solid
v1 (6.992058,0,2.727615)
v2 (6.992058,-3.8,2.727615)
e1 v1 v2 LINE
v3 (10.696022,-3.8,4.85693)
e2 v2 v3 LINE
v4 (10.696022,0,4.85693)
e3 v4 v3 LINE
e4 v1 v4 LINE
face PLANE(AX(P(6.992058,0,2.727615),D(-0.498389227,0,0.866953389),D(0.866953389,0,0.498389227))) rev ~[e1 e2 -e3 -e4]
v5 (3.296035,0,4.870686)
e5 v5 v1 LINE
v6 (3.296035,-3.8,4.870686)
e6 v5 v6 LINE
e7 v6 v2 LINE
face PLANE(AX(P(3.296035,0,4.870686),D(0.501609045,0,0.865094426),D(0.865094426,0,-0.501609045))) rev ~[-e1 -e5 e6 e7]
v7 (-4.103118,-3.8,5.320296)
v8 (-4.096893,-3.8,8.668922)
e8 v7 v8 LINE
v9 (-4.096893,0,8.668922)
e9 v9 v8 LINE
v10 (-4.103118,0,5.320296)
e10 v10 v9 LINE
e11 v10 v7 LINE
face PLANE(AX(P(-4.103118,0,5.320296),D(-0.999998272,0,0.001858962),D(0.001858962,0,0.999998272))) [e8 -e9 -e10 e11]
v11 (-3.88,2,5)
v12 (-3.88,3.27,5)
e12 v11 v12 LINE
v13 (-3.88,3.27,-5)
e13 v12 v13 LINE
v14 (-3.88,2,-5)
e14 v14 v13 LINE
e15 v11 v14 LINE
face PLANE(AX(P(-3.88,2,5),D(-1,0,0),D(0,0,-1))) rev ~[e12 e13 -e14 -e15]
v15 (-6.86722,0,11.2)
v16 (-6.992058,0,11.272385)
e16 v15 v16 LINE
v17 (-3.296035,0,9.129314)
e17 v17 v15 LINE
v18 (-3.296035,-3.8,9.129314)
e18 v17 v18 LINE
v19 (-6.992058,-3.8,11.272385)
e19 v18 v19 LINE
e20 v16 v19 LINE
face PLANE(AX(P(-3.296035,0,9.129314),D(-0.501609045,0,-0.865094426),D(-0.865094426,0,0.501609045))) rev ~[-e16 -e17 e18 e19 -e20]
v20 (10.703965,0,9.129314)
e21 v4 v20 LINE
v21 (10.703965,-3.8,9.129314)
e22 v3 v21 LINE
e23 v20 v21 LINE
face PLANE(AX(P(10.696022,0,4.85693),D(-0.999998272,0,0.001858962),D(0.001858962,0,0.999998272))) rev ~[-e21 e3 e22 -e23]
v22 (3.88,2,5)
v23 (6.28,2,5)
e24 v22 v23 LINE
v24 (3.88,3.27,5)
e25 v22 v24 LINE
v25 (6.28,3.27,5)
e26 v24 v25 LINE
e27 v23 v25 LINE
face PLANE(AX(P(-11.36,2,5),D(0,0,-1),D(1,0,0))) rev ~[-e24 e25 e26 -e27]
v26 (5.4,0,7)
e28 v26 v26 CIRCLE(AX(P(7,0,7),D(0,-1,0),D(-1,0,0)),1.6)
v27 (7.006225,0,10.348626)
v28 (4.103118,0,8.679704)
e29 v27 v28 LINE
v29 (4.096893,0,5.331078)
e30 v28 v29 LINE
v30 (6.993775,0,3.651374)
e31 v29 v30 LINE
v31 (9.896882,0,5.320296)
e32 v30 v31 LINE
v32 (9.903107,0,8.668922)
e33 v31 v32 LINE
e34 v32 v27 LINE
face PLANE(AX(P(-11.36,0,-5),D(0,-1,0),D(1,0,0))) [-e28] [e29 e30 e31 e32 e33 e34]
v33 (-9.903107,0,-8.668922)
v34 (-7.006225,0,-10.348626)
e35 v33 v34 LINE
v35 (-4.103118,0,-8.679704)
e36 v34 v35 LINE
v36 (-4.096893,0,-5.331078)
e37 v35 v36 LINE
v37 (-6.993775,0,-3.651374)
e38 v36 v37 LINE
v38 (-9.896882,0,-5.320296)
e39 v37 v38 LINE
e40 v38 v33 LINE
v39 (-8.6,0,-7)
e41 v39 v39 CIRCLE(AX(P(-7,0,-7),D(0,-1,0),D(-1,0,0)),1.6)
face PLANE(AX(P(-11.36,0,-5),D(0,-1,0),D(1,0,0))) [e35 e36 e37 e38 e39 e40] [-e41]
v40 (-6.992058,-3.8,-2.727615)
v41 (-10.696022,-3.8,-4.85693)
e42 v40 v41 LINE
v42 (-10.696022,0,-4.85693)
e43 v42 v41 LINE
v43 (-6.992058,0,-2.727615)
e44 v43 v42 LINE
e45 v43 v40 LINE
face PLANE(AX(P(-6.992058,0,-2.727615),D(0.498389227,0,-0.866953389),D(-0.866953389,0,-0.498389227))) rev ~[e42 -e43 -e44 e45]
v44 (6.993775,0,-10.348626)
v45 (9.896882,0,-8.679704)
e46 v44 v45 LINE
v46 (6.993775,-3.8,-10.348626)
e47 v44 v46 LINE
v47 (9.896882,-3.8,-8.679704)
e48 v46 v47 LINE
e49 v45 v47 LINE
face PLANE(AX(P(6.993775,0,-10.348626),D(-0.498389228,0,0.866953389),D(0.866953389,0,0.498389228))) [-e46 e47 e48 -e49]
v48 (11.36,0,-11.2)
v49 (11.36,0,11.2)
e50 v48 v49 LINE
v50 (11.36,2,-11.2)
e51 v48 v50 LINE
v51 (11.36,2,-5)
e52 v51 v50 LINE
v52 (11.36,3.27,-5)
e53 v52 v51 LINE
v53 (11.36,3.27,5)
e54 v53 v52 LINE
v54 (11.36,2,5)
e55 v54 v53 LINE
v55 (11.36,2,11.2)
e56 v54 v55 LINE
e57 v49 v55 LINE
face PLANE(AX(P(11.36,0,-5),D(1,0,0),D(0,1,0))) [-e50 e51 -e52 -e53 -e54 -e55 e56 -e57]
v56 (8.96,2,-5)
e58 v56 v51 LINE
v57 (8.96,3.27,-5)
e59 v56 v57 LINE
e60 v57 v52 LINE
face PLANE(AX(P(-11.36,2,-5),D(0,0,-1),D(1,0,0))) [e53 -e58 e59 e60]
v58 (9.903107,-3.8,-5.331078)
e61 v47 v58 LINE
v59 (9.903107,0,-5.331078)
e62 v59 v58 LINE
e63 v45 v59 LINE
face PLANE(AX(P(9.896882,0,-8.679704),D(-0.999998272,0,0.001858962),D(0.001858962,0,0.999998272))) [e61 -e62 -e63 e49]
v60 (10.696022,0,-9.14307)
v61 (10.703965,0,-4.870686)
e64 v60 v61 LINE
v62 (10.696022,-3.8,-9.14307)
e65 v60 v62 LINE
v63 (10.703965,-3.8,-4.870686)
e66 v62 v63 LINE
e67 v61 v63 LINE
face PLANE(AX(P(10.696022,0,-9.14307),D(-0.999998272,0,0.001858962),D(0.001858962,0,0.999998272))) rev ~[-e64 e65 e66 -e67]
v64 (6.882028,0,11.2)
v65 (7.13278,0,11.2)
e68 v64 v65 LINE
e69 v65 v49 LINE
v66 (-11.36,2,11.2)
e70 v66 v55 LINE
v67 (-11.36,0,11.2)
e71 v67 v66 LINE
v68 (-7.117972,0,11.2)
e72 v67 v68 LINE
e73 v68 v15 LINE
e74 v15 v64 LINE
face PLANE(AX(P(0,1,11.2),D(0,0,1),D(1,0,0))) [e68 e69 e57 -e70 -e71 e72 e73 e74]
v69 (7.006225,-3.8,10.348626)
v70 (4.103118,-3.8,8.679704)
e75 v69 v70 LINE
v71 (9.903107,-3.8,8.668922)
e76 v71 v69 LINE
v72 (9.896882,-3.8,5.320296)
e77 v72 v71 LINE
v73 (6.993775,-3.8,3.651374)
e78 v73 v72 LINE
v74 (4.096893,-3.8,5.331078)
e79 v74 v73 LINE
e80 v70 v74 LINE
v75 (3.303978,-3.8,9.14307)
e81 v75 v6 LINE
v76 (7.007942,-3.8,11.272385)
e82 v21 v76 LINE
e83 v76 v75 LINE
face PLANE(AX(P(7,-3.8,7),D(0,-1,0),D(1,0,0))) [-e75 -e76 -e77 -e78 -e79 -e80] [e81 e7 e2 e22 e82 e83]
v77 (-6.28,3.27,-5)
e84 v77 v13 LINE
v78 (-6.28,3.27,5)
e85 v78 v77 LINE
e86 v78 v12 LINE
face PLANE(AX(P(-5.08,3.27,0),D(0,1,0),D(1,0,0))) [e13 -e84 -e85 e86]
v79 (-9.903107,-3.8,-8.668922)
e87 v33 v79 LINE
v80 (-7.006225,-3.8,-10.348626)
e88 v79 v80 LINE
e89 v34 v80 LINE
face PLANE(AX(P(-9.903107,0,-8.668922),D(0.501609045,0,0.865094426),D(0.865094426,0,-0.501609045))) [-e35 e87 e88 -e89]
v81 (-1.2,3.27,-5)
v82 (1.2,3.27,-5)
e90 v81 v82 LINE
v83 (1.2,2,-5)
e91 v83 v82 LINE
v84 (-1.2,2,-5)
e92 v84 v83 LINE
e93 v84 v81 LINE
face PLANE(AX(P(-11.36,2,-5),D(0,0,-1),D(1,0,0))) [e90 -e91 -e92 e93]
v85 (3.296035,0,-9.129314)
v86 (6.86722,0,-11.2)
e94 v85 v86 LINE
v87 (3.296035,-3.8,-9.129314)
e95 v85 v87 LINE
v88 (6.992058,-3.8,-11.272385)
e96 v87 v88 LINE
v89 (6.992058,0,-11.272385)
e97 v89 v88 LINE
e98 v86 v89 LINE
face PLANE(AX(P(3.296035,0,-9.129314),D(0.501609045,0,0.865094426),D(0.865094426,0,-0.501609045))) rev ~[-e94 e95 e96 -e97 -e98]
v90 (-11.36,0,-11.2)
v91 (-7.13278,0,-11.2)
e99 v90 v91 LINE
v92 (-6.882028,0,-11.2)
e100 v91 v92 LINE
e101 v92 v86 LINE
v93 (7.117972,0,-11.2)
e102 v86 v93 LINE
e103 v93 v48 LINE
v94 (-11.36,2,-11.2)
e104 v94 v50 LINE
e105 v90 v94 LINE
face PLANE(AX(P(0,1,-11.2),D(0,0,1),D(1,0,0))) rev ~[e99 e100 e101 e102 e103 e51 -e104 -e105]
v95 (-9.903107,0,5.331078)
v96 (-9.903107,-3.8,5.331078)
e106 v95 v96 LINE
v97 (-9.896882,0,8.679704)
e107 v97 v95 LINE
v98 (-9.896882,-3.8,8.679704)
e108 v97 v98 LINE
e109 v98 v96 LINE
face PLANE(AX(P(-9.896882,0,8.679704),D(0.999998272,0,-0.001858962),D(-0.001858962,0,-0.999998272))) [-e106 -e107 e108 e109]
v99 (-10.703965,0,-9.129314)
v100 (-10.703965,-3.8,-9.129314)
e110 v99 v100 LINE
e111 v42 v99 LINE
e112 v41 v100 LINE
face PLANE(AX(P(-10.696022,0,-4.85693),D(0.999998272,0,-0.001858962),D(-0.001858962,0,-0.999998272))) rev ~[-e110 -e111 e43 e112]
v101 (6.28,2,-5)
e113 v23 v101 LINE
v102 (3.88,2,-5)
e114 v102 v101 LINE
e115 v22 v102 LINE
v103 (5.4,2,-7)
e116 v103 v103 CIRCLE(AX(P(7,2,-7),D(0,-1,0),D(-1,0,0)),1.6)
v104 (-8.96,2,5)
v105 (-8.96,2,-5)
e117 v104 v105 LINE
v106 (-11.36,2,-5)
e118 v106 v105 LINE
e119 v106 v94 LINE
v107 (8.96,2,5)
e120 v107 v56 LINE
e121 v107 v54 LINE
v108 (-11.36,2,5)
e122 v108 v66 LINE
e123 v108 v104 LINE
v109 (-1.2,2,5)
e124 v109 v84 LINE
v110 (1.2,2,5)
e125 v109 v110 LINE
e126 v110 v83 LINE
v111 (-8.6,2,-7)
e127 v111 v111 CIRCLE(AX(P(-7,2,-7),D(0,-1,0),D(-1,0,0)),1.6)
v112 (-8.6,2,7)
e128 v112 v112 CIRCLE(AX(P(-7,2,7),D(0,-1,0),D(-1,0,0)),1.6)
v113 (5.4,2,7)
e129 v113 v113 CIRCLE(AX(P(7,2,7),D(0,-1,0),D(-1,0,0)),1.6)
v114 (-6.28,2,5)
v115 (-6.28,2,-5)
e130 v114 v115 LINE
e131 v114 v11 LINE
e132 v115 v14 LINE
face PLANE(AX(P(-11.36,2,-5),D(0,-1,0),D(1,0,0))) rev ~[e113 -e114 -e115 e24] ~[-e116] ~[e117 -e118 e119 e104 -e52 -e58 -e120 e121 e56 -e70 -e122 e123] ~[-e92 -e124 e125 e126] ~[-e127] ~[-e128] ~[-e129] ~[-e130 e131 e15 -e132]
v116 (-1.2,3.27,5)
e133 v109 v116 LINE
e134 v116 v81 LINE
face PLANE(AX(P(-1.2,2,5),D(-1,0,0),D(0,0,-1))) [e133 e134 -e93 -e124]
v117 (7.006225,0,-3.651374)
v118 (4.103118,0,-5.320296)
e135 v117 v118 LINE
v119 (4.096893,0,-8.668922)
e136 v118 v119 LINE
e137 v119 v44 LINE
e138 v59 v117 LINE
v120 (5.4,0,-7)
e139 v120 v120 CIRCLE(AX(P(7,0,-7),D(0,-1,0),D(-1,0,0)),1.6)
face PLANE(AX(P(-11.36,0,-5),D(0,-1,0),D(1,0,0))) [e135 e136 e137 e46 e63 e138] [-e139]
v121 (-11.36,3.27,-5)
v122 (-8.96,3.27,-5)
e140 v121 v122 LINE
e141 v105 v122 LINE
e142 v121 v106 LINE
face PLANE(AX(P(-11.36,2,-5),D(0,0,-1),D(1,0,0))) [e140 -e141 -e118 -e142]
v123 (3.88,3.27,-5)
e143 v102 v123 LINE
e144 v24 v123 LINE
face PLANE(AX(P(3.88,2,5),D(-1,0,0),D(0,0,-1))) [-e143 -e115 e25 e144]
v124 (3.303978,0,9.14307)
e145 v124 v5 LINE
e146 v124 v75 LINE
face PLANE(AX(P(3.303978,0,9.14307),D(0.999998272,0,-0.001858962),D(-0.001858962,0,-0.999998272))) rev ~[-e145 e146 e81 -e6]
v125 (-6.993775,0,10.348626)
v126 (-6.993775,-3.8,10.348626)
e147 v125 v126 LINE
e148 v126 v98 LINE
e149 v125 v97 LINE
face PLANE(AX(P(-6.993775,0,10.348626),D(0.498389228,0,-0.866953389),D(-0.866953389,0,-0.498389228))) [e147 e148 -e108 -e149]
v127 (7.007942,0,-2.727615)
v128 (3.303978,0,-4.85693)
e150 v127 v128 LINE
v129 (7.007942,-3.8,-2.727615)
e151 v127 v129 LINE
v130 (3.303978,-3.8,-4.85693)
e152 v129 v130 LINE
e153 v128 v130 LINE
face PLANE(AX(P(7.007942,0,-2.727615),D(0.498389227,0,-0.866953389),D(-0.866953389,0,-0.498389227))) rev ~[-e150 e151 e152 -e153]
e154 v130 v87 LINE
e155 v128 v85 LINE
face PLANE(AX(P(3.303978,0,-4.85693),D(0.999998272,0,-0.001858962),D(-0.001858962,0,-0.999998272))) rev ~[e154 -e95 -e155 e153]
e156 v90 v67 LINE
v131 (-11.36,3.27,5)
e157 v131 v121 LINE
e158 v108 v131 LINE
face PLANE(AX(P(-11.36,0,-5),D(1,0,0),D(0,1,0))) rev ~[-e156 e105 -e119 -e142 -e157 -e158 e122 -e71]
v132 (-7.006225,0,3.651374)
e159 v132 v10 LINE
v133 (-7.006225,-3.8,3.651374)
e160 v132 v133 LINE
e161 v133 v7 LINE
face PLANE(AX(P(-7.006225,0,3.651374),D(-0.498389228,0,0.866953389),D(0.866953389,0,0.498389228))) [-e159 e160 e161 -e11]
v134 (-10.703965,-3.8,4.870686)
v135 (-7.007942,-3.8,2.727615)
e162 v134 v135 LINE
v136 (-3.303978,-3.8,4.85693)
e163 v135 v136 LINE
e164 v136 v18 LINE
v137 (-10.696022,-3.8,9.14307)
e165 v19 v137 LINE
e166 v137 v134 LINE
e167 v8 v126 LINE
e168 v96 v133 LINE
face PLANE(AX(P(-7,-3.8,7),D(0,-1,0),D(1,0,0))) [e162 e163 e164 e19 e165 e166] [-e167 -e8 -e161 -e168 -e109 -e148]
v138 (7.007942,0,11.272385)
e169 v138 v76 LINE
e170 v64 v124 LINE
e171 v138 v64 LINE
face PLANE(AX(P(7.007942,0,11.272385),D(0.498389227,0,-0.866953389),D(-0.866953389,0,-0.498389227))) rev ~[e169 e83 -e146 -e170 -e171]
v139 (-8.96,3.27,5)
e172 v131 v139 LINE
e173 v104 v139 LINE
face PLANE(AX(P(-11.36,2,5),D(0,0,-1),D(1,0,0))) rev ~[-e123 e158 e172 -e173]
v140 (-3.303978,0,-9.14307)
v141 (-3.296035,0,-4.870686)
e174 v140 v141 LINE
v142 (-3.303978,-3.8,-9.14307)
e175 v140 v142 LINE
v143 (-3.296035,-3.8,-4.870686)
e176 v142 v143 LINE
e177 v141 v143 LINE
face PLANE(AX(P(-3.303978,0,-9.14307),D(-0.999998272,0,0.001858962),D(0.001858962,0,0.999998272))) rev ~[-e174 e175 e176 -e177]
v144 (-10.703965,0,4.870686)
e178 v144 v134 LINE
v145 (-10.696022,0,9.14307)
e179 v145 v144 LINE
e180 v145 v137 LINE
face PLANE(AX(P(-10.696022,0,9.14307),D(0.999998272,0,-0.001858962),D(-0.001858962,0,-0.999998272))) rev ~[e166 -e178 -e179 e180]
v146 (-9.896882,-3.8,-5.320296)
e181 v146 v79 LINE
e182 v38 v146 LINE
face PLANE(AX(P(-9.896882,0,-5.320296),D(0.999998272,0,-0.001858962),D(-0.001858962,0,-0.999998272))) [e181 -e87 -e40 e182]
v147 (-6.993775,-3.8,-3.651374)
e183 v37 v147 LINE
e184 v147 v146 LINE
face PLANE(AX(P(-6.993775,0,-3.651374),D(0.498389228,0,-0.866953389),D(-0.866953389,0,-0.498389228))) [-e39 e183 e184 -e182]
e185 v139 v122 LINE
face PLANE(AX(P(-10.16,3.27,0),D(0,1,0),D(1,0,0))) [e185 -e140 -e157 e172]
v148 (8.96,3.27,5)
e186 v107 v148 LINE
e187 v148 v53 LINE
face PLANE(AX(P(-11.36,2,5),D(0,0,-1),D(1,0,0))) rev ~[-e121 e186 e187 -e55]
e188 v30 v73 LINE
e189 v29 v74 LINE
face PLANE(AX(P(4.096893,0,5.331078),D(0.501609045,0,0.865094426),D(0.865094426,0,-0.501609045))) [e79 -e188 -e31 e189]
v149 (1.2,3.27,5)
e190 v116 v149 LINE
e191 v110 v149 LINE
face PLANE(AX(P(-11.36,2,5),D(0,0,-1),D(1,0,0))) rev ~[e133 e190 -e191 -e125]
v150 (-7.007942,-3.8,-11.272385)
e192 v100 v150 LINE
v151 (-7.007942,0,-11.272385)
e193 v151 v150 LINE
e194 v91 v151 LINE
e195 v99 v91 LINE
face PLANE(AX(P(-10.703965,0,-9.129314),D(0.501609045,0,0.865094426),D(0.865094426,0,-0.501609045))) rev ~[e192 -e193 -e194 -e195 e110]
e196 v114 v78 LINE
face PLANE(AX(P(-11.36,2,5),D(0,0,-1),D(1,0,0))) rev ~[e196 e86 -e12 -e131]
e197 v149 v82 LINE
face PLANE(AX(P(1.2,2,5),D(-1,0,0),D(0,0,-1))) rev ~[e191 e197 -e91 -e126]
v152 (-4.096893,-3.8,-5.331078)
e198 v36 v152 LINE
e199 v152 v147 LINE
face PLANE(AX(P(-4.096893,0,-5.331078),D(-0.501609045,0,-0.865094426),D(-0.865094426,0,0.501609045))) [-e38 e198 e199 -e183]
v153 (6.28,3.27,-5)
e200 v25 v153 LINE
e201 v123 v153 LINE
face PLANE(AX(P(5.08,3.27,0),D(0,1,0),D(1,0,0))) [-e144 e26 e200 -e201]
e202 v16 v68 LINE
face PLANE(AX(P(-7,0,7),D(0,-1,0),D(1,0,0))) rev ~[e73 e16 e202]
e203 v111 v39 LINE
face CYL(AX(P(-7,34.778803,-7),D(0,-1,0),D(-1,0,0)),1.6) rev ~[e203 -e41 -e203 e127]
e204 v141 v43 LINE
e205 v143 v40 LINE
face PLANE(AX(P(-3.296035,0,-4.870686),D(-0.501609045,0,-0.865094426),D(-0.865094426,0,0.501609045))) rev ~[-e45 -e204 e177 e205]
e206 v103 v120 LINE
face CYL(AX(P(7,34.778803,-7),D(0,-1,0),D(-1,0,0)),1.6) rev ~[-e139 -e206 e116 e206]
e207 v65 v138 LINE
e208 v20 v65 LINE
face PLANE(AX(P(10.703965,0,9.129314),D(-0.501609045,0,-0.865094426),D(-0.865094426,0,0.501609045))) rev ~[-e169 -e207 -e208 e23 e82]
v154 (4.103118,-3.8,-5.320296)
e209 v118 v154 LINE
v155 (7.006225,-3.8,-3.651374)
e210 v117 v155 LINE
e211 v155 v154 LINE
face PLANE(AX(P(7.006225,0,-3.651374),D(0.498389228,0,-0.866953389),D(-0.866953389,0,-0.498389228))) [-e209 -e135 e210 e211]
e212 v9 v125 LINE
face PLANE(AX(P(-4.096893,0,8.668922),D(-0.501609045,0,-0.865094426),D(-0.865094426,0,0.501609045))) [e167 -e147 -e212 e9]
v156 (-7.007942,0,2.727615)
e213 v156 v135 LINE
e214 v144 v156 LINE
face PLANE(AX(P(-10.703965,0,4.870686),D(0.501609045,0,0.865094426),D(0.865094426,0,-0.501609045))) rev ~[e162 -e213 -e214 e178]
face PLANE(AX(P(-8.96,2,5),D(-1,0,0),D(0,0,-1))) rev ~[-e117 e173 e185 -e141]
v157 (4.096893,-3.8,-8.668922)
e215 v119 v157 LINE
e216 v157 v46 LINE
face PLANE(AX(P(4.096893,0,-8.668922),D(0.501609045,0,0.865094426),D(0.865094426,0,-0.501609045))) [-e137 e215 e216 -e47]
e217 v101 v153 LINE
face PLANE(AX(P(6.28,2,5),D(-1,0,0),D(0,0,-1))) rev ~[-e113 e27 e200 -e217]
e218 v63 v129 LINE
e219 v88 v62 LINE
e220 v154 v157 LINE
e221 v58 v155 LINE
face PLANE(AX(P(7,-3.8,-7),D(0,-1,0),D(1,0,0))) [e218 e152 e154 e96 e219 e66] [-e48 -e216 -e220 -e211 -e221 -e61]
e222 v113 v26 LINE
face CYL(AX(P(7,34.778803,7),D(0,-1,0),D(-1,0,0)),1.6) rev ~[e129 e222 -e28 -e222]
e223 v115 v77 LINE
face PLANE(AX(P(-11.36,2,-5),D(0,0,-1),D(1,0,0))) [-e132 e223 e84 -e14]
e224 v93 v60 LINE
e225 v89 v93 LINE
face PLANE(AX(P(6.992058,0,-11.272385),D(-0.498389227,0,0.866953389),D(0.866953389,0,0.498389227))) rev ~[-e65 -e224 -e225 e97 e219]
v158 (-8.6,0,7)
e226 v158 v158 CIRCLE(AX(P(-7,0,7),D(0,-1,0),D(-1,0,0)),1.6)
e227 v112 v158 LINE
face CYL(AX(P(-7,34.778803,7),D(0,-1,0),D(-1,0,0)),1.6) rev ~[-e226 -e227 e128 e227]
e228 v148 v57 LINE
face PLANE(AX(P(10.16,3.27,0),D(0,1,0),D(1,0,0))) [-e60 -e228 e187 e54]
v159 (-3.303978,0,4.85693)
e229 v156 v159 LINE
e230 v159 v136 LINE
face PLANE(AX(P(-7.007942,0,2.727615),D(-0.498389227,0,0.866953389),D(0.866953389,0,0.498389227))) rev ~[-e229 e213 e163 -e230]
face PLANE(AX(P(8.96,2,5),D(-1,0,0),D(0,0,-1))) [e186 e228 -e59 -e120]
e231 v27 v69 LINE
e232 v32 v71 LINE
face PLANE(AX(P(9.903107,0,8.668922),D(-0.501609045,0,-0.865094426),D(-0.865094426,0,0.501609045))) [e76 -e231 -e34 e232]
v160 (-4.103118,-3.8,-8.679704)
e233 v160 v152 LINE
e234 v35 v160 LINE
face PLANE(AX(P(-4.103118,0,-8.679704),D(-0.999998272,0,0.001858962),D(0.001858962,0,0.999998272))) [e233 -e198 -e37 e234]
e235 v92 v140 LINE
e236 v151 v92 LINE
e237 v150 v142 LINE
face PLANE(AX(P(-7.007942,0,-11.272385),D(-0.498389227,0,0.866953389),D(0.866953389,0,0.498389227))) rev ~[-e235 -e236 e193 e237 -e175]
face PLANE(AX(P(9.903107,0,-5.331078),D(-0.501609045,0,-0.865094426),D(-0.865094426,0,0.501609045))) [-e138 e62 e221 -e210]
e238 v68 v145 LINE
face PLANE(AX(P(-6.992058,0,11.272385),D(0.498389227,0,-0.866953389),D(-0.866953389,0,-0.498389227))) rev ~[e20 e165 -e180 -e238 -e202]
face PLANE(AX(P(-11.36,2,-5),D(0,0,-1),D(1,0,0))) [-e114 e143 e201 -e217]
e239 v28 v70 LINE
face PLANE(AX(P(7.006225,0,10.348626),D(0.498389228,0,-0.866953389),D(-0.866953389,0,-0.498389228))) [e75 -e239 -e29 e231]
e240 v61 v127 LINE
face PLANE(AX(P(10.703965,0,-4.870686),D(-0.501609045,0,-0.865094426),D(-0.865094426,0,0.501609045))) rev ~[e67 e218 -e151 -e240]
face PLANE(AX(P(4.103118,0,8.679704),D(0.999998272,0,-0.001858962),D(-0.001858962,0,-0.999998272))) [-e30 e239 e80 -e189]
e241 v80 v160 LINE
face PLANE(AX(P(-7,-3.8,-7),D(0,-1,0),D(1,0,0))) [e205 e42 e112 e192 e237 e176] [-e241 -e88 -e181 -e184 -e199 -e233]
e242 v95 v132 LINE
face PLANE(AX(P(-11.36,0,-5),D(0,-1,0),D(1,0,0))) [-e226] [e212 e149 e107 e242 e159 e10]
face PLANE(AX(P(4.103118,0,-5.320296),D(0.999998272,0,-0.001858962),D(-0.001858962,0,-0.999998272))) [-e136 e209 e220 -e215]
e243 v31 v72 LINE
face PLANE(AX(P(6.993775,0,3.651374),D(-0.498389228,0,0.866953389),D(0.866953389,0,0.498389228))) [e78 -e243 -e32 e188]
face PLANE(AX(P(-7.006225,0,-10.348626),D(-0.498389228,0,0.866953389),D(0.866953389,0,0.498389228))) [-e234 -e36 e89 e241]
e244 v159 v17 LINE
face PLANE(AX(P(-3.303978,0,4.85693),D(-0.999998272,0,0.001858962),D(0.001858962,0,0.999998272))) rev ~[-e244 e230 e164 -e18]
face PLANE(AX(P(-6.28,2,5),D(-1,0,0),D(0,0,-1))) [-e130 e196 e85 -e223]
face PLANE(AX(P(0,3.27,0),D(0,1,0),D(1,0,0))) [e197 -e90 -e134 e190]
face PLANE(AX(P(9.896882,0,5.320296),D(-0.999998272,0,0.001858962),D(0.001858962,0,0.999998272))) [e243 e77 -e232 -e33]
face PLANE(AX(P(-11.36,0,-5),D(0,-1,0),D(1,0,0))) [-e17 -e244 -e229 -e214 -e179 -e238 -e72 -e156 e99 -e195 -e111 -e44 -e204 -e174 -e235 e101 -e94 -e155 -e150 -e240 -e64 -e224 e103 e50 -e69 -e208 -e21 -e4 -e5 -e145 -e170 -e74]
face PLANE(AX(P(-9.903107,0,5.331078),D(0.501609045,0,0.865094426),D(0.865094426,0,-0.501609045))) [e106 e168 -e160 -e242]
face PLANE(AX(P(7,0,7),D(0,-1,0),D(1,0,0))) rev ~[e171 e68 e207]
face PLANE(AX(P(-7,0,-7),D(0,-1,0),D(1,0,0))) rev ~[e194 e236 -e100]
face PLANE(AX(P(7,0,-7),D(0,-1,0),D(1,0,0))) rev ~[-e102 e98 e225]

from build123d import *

# Parameters (mm, degrees)
SKETCH_1_W                 = 22.72
SKETCH_1_H                 = 10
EXTRUDE_269_DEPTH          = 2
SKETCH_3_W                 = 2.4
SKETCH_3_H                 = 10
EXTRUDE_2_DEPTH            = 1.27
PATTERN_LINEAR_1_COUNT     = 3
PATTERN_LINEAR_1_PITCH     = 5.08
PATTERN_LINEAR_1_COL_COUNT = 3
PATTERN_LINEAR_1_COL_PITCH = 5.08
EXTRUDE_START              = 5
SKETCH_4_W                 = 22.72
SKETCH_4_H                 = 2
EXTRUDE_3_DEPTH            = 6.2
EXTRUDE_START_2            = -5
SKETCH_4_2_W               = 22.72
SKETCH_4_2_H               = 2
EXTRUDE_4_DEPTH            = 6.2
EXTRUDE_1_DEPTH            = 3.8
HOLE_WIZARD_M3_1_D         = 3.2


with BuildPart() as part:
    # 草图1 → Extrude 269 (new body)
    with BuildSketch(Plane(origin=(0, 0, 0), x_dir=(1, 0, 0), z_dir=(0, 1, 0))):
        Rectangle(SKETCH_1_W, SKETCH_1_H)
    extrude(amount=EXTRUDE_269_DEPTH)

    # 草图3 → 凸台-拉伸2 (add)
    with BuildSketch(Plane(origin=(0, 2, 0), x_dir=(1, 0, 0), z_dir=(0, 1, 0))):
        Rectangle(SKETCH_3_W, SKETCH_3_H)
    extrude_2 = extrude(amount=EXTRUDE_2_DEPTH)

    # 阵列(线性)1: 凸台-拉伸2 ×3
    with Locations(*[(i * PATTERN_LINEAR_1_PITCH, 0, 0) for i in range(1, PATTERN_LINEAR_1_COUNT)]):
        add(extrude_2)

    # 阵列(线性)1 col: 凸台-拉伸2 ×3
    with Locations(*[(-i * PATTERN_LINEAR_1_COL_PITCH, 0, 0) for i in range(1, PATTERN_LINEAR_1_COL_COUNT)]):
        add(extrude_2)

    # 草图4 → 凸台-拉伸3 (add)
    with BuildSketch(Plane.XY.offset(EXTRUDE_START)):
        with Locations((0, 1)):
            Rectangle(SKETCH_4_W, SKETCH_4_H)
    extrude(amount=EXTRUDE_3_DEPTH)

    # 草图4<2> → 凸台-拉伸4 (add)
    with BuildSketch(Plane.XY.offset(EXTRUDE_START_2)):
        with Locations((0, 1)):
            Rectangle(SKETCH_4_2_W, SKETCH_4_2_H)
    extrude(amount=-EXTRUDE_4_DEPTH)

    # 草图5 → 拉伸-薄壁1 (add)
    with BuildSketch(Plane.XZ):
        Polygon((7.007942216, 11.27238461), (3.303977501, 9.143070466), (3.296035285, 4.870685856), (6.992057784, 2.72761539), (10.696022499, 4.856929534), (10.703964715, 9.129314144), align=None)
        Polygon((7.00622498, 10.348625775), (4.103117501, 8.679703878), (4.096892521, 5.331078103), (6.99377502, 3.651374225), (9.896882499, 5.320296122), (9.903107479, 8.668921897), align=None, mode=Mode.SUBTRACT)
    extrude_1 = extrude(amount=EXTRUDE_1_DEPTH)

    # 草图阵列1: 拉伸-薄壁1 at 3 more places
    with Locations((0, 0, -14), (-14, 0, -14), (-14, 0, 0)):
        add(extrude_1)

    # M3 间隙孔1 (through all)
    with Locations(Plane(origin=(0, 2, 0), x_dir=(1, 0, 0), z_dir=(0, 1, 0))):
        with Locations((7, -7)):
            hole_wizard_m3_1 = Hole(HOLE_WIZARD_M3_1_D / 2)

    # 草图阵列2: M3 间隙孔1 at 3 more places
    with Locations((0, 0, -14), (-14, 0, -14), (-14, 0, 0)):
        add(hole_wizard_m3_1, mode=Mode.SUBTRACT)


solid = part.part
